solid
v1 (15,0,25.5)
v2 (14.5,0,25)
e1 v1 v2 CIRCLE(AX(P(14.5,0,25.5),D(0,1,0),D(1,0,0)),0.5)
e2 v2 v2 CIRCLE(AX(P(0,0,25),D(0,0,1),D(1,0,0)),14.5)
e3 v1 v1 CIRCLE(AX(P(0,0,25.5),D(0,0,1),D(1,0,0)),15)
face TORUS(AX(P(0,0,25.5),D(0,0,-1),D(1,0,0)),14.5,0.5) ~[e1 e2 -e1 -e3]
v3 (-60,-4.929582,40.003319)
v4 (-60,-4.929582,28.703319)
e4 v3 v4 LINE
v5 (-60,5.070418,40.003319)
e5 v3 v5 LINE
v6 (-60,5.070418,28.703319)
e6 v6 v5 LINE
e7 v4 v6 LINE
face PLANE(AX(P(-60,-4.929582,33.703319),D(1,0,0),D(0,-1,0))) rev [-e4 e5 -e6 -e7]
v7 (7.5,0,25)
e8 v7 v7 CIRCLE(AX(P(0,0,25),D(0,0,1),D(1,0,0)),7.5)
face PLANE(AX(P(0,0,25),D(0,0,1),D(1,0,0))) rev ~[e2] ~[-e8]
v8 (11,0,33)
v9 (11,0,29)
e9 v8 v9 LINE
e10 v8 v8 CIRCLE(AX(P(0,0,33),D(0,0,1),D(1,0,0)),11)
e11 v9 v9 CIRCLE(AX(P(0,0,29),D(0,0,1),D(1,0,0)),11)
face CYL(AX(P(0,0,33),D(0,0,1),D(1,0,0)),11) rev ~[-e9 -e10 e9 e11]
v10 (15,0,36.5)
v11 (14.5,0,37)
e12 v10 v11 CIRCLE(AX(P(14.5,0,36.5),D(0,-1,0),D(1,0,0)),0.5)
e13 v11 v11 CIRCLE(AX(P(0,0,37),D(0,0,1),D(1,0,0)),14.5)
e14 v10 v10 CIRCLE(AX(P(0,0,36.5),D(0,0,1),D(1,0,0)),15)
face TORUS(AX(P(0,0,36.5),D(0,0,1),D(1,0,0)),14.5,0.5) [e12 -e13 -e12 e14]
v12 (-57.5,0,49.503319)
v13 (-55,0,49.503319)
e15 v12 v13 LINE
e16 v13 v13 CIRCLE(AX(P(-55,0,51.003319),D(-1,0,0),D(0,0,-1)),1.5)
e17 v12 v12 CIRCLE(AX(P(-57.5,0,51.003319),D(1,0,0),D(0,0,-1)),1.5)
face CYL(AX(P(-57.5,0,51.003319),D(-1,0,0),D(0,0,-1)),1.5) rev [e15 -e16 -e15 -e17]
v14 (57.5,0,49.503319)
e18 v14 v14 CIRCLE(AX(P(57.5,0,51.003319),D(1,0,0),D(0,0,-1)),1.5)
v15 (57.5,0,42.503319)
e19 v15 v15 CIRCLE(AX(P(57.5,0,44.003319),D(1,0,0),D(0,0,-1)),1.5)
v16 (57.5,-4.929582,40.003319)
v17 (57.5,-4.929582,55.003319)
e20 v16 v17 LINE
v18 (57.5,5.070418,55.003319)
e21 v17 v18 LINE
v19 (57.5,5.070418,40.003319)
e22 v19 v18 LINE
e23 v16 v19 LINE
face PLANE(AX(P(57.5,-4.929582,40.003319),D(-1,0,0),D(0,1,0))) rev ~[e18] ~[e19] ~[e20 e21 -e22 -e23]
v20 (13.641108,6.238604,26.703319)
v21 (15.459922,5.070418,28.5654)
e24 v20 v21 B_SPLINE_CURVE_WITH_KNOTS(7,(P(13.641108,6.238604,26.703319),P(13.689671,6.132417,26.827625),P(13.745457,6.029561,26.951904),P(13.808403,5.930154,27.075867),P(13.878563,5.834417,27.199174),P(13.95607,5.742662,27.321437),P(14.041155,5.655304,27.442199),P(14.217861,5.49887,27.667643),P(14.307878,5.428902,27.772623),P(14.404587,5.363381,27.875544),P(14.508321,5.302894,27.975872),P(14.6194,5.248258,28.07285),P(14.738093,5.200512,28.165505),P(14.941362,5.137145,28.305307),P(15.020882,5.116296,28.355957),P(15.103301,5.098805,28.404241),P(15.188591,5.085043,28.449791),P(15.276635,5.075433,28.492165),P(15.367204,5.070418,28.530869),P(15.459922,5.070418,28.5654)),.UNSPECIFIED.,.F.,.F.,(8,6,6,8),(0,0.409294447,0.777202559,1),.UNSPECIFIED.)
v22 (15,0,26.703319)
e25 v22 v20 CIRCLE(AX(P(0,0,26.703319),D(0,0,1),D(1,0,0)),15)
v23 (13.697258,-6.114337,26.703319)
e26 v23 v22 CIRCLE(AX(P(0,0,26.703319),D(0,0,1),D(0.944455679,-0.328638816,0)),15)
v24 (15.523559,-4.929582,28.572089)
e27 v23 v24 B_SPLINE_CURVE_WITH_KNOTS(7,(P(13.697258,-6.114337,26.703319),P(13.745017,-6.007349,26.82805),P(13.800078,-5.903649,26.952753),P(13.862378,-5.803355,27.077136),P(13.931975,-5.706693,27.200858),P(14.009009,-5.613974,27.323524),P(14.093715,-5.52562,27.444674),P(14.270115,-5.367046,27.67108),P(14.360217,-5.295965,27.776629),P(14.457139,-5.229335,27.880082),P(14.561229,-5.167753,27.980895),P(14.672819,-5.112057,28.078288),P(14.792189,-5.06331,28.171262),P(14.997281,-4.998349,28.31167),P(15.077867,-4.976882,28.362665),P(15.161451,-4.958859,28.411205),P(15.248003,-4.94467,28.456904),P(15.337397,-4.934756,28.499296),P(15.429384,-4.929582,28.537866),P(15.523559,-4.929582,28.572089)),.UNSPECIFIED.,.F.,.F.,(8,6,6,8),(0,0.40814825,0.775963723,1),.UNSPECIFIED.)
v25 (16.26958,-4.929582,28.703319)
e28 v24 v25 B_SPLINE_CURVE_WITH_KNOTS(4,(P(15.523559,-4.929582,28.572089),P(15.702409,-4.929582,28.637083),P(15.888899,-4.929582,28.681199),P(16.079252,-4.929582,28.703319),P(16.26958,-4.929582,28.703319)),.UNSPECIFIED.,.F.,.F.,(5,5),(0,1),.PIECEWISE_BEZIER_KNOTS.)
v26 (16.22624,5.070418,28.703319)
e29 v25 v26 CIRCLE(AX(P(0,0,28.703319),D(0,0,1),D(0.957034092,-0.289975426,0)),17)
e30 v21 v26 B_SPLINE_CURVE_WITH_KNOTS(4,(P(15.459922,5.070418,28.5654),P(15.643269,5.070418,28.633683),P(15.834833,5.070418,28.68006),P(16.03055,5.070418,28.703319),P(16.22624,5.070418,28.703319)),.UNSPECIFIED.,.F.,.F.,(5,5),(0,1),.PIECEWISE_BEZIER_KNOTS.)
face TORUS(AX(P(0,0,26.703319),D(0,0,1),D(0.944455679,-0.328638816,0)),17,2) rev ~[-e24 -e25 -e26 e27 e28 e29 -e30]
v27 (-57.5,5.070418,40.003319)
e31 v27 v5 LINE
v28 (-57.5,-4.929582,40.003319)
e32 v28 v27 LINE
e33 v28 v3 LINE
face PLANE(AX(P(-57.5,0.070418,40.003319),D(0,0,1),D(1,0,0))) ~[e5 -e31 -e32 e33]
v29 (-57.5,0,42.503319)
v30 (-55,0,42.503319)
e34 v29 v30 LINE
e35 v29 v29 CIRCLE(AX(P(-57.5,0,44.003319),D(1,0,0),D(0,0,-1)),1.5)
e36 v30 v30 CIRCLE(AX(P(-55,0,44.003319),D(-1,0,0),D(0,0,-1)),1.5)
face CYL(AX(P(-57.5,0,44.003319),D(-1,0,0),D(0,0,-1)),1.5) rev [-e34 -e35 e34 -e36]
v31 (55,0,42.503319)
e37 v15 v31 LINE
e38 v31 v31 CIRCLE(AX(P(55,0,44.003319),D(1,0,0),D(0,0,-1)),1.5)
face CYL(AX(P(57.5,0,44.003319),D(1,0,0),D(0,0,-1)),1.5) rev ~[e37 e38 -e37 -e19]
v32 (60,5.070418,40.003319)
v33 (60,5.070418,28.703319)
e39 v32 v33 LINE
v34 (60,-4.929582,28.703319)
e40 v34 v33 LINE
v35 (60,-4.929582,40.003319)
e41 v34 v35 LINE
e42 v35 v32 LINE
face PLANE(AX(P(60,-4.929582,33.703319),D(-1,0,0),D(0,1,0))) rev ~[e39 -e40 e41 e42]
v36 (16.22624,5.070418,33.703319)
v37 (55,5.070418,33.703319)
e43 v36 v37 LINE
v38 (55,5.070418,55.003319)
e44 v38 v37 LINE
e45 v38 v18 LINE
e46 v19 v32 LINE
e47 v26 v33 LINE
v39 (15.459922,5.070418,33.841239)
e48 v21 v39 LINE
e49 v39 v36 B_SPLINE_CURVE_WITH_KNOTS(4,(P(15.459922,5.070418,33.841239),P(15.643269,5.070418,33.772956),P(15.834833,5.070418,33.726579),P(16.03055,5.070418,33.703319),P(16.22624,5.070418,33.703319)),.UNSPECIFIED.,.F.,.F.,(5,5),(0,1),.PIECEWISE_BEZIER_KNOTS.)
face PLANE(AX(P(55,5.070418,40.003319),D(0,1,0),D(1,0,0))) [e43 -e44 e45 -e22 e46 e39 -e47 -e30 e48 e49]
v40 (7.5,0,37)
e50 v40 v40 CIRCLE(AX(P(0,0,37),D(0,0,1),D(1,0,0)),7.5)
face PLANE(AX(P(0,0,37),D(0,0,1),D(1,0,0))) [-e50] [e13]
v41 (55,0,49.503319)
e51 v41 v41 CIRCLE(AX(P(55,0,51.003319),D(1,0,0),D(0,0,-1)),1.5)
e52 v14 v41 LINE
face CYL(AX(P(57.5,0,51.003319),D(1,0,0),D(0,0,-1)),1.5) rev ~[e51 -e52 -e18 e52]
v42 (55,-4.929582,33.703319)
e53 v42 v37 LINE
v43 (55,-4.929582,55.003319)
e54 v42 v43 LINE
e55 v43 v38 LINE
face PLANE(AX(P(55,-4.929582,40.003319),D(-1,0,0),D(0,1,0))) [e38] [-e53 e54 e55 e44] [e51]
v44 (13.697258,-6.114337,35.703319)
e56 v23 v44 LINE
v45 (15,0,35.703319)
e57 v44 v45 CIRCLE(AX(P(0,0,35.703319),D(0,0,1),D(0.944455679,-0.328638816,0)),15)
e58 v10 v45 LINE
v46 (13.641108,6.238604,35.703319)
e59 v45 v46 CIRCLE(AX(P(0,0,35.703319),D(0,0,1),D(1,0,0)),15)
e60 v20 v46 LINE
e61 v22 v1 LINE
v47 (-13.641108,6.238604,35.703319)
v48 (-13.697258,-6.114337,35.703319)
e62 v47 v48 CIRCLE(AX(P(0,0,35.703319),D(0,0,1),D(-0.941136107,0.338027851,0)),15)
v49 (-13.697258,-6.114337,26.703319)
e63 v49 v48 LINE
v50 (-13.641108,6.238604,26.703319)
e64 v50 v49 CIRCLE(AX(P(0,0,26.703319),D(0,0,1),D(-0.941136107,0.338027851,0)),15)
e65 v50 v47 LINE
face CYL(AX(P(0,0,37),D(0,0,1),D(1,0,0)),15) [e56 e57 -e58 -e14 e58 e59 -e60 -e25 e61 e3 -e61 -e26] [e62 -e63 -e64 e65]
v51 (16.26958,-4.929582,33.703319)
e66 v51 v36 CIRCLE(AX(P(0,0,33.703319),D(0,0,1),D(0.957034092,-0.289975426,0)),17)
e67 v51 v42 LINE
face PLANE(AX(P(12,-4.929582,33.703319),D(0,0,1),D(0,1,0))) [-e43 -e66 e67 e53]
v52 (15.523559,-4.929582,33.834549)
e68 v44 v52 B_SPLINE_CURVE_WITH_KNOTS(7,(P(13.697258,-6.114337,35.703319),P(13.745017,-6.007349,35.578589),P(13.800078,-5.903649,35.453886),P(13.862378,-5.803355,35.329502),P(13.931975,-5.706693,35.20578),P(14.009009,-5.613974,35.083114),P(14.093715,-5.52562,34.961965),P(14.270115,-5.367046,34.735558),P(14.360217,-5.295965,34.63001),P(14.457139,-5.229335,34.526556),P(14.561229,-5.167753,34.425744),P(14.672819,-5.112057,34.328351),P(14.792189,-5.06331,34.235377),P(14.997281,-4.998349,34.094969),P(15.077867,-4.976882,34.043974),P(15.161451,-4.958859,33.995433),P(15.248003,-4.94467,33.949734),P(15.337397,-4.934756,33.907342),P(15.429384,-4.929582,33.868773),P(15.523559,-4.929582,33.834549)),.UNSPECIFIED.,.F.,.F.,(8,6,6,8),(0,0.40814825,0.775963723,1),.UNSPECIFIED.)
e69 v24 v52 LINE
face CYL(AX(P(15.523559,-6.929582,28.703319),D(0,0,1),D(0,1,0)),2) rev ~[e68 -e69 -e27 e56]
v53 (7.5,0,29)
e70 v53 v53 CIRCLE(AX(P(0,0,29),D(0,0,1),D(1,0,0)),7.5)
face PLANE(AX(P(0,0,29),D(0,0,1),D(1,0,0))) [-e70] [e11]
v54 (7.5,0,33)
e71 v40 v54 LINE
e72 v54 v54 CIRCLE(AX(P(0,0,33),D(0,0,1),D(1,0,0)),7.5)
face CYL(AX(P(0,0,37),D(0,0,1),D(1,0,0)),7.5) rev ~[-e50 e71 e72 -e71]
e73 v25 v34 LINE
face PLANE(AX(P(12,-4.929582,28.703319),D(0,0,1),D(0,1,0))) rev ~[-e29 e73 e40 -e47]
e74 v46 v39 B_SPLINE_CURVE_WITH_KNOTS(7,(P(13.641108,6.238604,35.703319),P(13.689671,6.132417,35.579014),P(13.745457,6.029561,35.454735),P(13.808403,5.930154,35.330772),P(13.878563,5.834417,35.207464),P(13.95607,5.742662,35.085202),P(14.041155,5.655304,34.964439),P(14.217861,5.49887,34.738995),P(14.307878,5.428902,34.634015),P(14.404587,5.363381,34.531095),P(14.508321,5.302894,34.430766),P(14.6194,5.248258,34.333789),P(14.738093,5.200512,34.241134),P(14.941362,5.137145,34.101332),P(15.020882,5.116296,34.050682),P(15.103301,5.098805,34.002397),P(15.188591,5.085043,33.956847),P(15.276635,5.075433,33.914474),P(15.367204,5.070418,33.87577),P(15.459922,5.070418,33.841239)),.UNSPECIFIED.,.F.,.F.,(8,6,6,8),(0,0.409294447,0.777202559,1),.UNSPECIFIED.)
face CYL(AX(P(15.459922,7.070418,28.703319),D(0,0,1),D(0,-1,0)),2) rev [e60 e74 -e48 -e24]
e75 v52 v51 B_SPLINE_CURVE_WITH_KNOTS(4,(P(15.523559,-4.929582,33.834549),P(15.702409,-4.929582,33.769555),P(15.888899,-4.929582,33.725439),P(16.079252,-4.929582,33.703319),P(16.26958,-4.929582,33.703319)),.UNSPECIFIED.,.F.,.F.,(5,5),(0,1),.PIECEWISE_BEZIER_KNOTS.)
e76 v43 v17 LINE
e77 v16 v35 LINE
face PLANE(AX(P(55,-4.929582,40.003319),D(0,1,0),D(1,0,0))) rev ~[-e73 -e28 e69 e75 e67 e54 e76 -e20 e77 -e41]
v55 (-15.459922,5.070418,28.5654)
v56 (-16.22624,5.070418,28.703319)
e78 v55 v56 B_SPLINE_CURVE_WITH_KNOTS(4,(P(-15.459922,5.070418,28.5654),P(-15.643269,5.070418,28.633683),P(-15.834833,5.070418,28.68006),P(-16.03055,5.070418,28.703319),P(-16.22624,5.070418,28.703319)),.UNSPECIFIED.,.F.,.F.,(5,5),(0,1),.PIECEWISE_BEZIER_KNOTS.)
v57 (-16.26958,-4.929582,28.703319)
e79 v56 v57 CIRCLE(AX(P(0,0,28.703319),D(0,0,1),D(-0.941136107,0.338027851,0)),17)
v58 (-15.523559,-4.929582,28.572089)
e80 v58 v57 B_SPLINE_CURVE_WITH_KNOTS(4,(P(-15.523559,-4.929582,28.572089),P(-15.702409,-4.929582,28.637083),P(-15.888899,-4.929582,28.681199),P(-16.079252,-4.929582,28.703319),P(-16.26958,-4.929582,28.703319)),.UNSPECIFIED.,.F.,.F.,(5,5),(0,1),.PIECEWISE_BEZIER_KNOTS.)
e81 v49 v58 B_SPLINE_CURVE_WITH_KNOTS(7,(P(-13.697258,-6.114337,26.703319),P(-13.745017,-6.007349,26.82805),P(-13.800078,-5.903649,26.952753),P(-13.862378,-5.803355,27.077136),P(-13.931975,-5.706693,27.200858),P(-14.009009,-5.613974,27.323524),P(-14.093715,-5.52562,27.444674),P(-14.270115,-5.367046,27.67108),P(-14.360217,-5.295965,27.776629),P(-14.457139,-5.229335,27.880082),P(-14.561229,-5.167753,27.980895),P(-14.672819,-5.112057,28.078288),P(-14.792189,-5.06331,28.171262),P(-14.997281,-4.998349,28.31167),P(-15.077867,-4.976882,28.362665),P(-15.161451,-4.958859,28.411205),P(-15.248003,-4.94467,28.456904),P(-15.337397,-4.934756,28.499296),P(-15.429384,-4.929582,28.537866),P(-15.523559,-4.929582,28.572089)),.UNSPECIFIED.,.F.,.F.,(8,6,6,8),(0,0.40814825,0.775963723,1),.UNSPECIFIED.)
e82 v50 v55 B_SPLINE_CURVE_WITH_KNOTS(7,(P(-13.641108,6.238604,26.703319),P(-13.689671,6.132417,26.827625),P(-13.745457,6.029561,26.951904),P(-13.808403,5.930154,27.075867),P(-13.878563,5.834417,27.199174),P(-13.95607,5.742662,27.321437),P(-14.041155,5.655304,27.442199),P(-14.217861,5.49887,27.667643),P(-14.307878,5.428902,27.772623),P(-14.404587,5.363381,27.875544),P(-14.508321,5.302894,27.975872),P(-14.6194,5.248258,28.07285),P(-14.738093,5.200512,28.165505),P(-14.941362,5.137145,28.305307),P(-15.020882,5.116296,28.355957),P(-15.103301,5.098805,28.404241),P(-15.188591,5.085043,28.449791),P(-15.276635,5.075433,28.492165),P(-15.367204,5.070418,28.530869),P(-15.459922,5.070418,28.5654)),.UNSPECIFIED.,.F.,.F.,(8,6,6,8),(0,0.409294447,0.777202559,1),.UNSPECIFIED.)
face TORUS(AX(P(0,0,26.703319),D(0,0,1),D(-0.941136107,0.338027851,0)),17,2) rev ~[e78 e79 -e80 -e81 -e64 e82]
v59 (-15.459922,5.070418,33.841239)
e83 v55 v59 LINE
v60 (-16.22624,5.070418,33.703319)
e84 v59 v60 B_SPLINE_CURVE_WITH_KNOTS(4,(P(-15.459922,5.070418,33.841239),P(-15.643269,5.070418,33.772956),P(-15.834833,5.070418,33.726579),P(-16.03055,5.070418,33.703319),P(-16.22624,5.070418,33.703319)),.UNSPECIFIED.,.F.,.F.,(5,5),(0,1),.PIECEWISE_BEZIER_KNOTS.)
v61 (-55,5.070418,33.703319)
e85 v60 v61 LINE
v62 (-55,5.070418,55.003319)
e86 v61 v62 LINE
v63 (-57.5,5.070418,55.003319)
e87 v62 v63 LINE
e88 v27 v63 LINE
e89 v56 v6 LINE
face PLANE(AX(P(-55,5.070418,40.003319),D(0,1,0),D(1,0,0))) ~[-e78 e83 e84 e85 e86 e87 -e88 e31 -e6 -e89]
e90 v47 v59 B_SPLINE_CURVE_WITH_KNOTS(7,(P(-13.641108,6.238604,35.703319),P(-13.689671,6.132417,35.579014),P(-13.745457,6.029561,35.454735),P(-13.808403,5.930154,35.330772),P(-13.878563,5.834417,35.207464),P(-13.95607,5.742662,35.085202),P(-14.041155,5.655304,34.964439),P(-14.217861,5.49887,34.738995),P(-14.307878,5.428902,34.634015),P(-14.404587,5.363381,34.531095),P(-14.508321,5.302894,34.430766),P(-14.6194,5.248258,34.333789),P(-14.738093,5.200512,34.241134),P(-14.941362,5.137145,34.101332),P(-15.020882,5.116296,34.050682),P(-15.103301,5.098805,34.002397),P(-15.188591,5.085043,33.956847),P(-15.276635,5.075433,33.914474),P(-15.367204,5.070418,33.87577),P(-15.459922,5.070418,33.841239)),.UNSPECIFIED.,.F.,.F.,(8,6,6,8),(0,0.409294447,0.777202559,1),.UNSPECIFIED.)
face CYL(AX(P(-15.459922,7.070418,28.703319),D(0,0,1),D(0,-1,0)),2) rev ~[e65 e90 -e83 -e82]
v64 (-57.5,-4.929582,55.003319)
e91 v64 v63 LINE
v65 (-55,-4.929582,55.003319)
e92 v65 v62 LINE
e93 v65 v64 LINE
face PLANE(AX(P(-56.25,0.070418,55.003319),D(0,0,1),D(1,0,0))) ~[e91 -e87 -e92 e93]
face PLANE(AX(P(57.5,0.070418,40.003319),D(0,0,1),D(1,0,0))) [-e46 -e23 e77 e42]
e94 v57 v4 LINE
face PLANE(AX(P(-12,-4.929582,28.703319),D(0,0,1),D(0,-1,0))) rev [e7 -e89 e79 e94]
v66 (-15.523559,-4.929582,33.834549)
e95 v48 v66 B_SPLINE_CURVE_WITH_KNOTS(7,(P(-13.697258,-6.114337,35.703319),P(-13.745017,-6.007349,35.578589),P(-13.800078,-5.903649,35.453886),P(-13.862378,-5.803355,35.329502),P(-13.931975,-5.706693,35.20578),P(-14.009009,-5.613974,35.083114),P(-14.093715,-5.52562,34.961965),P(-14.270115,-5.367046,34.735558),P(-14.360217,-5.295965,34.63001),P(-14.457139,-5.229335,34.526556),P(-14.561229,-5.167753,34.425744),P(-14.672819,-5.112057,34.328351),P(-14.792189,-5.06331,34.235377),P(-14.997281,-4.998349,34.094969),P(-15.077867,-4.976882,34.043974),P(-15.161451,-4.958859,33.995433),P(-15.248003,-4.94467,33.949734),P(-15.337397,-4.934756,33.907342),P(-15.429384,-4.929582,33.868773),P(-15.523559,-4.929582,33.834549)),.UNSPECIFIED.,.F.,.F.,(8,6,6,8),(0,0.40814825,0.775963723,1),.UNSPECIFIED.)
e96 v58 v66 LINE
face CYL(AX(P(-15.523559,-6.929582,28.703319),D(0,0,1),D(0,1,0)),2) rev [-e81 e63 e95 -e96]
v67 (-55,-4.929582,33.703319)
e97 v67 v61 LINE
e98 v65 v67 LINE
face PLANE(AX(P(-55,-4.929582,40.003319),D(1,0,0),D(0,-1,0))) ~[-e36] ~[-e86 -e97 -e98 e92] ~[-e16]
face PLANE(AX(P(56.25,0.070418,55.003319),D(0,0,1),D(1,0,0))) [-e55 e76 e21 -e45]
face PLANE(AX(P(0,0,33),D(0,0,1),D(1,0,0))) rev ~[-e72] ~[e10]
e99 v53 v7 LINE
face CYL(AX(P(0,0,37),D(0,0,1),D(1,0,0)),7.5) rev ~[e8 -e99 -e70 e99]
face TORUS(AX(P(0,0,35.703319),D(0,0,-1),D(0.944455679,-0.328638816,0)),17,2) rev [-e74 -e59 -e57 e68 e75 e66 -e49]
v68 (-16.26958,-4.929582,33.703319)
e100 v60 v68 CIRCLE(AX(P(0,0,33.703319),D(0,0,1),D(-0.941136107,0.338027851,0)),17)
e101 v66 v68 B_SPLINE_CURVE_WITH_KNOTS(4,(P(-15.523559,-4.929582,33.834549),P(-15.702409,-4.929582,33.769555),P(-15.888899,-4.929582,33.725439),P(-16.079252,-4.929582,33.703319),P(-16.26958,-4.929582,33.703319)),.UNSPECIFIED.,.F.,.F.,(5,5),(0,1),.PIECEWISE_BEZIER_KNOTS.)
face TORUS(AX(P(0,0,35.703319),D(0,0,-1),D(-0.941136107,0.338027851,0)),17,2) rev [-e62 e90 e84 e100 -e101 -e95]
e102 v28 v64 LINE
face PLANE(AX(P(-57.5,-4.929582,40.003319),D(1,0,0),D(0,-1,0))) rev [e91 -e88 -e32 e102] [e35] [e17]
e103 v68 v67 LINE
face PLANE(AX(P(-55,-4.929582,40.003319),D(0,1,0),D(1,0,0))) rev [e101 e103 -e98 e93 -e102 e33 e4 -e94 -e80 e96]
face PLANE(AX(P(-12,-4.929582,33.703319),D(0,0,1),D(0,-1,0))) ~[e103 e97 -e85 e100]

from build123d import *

# Parameters (mm, degrees)
SKETCH7_R            = 15
BOSS_EXTRUDE2_DEPTH  = 12
SKETCH9_R            = 11
CUT_EXTRUDE1_DEPTH   = 4
SKETCH8_R            = 7.5
CUT_EXTRUDE2_DEPTH   = 20
BOSS_EXTRUDE4_START  = -3
SKETCH11_W           = 5
SKETCH11_H           = 10
BOSS_EXTRUDE4_DEPTH  = 48
SKETCH14_W           = 5
SKETCH14_H           = 10
BOSS_EXTRUDE5_DEPTH  = 6.3
SKETCH17_W           = 2.5
SKETCH17_H           = 10
BOSS_EXTRUDE8_DEPTH  = 15
SKETCH20_R           = 1.5
CUT_EXTRUDE3_DEPTH   = 15
FILLET2_R            = 2
FILLET7_R            = 0.5
FILLET8_R            = 0.5
FILLET2_OF_MIRROR5_R = 2


with BuildPart() as part:
    # Sketch7 → Boss-Extrude2 (new body)
    with BuildSketch(Plane.XY.offset(37)):
        Circle(SKETCH7_R)
    extrude(amount=-BOSS_EXTRUDE2_DEPTH)

    # Sketch9 → Cut-Extrude1 (cut)
    with BuildSketch(Plane.XY.offset(33)):
        Circle(SKETCH9_R)
    extrude(amount=-CUT_EXTRUDE1_DEPTH, mode=Mode.SUBTRACT)

    # Sketch8 → Cut-Extrude2 (cut)
    with BuildSketch(Plane.XY.offset(37)):
        Circle(SKETCH8_R)
    extrude(amount=-CUT_EXTRUDE2_DEPTH, mode=Mode.SUBTRACT)

    # Sketch11 → Boss-Extrude4 (add)
    with BuildSketch(Plane(origin=(15, 0, 0), x_dir=(0, 0, -1), z_dir=(1, 0, 0)).offset(BOSS_EXTRUDE4_START)):
        with Locations((-31.203319291, 0.070417763)):
            Rectangle(SKETCH11_W, SKETCH11_H)
    boss_extrude4 = extrude(amount=BOSS_EXTRUDE4_DEPTH)

    # Sketch14 → Boss-Extrude5 (add)
    with BuildSketch(Plane.XY.offset(33.703319291)):
        with Locations((57.5, 0.070417763)):
            Rectangle(SKETCH14_W, SKETCH14_H)
    boss_extrude5 = extrude(amount=BOSS_EXTRUDE5_DEPTH)

    # Sketch17 → Boss-Extrude8 (add)
    with BuildSketch(Plane.XY.offset(40.003319291)):
        with Locations((56.25, 0.070417763)):
            Rectangle(SKETCH17_W, SKETCH17_H)
    boss_extrude8 = extrude(amount=BOSS_EXTRUDE8_DEPTH)

    # Sketch20 → Cut-Extrude3 (cut)
    with BuildSketch(Plane(origin=(57.5, 0, 0), x_dir=(0, 0, -1), z_dir=(1, 0, 0))):
        with Locations((-44.003319291, 0)):
            Circle(SKETCH20_R)
        with Locations((-51.003319291, 0)):
            Circle(SKETCH20_R)
    cut_extrude3 = extrude(amount=-CUT_EXTRUDE3_DEPTH, mode=Mode.SUBTRACT)

    # Fillet2
    fillet2_edges = [part.edges().sort_by_distance(p)[0] for p in [
        (14.166835178, -4.929582237, 31.203319291),
        (14.777611852, 2.573361217, 28.703319291),
        (14.117041606, 5.070417763, 31.203319291),
        (14.777611852, 2.573361217, 33.703319291),
    ]]
    fillet(fillet2_edges, radius=FILLET2_R)

    # Fillet7
    fillet7_edges = [part.edges().sort_by_distance(p)[0] for p in [
        (-15, 0, 37),
    ]]
    fillet(fillet7_edges, radius=FILLET7_R)

    # Fillet8
    fillet8_edges = [part.edges().sort_by_distance(p)[0] for p in [
        (-15, 0, 25),
    ]]
    fillet(fillet8_edges, radius=FILLET8_R)

    # Mirror5: Boss-Extrude4, Boss-Extrude5, Boss-Extrude8, Cut-Extrude3 across plane
    add(boss_extrude4.mirror(Plane(origin=(0, 0, 0), x_dir=(0, 0, 1), z_dir=(1, 0, 0))))
    add(boss_extrude5.mirror(Plane(origin=(0, 0, 0), x_dir=(0, 0, 1), z_dir=(1, 0, 0))))
    add(boss_extrude8.mirror(Plane(origin=(0, 0, 0), x_dir=(0, 0, 1), z_dir=(1, 0, 0))))
    add(cut_extrude3.mirror(Plane(origin=(0, 0, 0), x_dir=(0, 0, 1), z_dir=(1, 0, 0))), mode=Mode.SUBTRACT)

    # Fillet2 of Mirror5
    fillet2_of_mirror5_edges = [part.edges().sort_by_distance(p)[0] for p in [
        (-14.166835178, -4.929582237, 31.203319291),
        (-14.777611852, 2.573361217, 28.703319291),
        (-14.117041606, 5.070417763, 31.203319291),
        (-14.777611852, 2.573361217, 33.703319291),
    ]]
    fillet(fillet2_of_mirror5_edges, radius=FILLET2_OF_MIRROR5_R)


solid = part.part
